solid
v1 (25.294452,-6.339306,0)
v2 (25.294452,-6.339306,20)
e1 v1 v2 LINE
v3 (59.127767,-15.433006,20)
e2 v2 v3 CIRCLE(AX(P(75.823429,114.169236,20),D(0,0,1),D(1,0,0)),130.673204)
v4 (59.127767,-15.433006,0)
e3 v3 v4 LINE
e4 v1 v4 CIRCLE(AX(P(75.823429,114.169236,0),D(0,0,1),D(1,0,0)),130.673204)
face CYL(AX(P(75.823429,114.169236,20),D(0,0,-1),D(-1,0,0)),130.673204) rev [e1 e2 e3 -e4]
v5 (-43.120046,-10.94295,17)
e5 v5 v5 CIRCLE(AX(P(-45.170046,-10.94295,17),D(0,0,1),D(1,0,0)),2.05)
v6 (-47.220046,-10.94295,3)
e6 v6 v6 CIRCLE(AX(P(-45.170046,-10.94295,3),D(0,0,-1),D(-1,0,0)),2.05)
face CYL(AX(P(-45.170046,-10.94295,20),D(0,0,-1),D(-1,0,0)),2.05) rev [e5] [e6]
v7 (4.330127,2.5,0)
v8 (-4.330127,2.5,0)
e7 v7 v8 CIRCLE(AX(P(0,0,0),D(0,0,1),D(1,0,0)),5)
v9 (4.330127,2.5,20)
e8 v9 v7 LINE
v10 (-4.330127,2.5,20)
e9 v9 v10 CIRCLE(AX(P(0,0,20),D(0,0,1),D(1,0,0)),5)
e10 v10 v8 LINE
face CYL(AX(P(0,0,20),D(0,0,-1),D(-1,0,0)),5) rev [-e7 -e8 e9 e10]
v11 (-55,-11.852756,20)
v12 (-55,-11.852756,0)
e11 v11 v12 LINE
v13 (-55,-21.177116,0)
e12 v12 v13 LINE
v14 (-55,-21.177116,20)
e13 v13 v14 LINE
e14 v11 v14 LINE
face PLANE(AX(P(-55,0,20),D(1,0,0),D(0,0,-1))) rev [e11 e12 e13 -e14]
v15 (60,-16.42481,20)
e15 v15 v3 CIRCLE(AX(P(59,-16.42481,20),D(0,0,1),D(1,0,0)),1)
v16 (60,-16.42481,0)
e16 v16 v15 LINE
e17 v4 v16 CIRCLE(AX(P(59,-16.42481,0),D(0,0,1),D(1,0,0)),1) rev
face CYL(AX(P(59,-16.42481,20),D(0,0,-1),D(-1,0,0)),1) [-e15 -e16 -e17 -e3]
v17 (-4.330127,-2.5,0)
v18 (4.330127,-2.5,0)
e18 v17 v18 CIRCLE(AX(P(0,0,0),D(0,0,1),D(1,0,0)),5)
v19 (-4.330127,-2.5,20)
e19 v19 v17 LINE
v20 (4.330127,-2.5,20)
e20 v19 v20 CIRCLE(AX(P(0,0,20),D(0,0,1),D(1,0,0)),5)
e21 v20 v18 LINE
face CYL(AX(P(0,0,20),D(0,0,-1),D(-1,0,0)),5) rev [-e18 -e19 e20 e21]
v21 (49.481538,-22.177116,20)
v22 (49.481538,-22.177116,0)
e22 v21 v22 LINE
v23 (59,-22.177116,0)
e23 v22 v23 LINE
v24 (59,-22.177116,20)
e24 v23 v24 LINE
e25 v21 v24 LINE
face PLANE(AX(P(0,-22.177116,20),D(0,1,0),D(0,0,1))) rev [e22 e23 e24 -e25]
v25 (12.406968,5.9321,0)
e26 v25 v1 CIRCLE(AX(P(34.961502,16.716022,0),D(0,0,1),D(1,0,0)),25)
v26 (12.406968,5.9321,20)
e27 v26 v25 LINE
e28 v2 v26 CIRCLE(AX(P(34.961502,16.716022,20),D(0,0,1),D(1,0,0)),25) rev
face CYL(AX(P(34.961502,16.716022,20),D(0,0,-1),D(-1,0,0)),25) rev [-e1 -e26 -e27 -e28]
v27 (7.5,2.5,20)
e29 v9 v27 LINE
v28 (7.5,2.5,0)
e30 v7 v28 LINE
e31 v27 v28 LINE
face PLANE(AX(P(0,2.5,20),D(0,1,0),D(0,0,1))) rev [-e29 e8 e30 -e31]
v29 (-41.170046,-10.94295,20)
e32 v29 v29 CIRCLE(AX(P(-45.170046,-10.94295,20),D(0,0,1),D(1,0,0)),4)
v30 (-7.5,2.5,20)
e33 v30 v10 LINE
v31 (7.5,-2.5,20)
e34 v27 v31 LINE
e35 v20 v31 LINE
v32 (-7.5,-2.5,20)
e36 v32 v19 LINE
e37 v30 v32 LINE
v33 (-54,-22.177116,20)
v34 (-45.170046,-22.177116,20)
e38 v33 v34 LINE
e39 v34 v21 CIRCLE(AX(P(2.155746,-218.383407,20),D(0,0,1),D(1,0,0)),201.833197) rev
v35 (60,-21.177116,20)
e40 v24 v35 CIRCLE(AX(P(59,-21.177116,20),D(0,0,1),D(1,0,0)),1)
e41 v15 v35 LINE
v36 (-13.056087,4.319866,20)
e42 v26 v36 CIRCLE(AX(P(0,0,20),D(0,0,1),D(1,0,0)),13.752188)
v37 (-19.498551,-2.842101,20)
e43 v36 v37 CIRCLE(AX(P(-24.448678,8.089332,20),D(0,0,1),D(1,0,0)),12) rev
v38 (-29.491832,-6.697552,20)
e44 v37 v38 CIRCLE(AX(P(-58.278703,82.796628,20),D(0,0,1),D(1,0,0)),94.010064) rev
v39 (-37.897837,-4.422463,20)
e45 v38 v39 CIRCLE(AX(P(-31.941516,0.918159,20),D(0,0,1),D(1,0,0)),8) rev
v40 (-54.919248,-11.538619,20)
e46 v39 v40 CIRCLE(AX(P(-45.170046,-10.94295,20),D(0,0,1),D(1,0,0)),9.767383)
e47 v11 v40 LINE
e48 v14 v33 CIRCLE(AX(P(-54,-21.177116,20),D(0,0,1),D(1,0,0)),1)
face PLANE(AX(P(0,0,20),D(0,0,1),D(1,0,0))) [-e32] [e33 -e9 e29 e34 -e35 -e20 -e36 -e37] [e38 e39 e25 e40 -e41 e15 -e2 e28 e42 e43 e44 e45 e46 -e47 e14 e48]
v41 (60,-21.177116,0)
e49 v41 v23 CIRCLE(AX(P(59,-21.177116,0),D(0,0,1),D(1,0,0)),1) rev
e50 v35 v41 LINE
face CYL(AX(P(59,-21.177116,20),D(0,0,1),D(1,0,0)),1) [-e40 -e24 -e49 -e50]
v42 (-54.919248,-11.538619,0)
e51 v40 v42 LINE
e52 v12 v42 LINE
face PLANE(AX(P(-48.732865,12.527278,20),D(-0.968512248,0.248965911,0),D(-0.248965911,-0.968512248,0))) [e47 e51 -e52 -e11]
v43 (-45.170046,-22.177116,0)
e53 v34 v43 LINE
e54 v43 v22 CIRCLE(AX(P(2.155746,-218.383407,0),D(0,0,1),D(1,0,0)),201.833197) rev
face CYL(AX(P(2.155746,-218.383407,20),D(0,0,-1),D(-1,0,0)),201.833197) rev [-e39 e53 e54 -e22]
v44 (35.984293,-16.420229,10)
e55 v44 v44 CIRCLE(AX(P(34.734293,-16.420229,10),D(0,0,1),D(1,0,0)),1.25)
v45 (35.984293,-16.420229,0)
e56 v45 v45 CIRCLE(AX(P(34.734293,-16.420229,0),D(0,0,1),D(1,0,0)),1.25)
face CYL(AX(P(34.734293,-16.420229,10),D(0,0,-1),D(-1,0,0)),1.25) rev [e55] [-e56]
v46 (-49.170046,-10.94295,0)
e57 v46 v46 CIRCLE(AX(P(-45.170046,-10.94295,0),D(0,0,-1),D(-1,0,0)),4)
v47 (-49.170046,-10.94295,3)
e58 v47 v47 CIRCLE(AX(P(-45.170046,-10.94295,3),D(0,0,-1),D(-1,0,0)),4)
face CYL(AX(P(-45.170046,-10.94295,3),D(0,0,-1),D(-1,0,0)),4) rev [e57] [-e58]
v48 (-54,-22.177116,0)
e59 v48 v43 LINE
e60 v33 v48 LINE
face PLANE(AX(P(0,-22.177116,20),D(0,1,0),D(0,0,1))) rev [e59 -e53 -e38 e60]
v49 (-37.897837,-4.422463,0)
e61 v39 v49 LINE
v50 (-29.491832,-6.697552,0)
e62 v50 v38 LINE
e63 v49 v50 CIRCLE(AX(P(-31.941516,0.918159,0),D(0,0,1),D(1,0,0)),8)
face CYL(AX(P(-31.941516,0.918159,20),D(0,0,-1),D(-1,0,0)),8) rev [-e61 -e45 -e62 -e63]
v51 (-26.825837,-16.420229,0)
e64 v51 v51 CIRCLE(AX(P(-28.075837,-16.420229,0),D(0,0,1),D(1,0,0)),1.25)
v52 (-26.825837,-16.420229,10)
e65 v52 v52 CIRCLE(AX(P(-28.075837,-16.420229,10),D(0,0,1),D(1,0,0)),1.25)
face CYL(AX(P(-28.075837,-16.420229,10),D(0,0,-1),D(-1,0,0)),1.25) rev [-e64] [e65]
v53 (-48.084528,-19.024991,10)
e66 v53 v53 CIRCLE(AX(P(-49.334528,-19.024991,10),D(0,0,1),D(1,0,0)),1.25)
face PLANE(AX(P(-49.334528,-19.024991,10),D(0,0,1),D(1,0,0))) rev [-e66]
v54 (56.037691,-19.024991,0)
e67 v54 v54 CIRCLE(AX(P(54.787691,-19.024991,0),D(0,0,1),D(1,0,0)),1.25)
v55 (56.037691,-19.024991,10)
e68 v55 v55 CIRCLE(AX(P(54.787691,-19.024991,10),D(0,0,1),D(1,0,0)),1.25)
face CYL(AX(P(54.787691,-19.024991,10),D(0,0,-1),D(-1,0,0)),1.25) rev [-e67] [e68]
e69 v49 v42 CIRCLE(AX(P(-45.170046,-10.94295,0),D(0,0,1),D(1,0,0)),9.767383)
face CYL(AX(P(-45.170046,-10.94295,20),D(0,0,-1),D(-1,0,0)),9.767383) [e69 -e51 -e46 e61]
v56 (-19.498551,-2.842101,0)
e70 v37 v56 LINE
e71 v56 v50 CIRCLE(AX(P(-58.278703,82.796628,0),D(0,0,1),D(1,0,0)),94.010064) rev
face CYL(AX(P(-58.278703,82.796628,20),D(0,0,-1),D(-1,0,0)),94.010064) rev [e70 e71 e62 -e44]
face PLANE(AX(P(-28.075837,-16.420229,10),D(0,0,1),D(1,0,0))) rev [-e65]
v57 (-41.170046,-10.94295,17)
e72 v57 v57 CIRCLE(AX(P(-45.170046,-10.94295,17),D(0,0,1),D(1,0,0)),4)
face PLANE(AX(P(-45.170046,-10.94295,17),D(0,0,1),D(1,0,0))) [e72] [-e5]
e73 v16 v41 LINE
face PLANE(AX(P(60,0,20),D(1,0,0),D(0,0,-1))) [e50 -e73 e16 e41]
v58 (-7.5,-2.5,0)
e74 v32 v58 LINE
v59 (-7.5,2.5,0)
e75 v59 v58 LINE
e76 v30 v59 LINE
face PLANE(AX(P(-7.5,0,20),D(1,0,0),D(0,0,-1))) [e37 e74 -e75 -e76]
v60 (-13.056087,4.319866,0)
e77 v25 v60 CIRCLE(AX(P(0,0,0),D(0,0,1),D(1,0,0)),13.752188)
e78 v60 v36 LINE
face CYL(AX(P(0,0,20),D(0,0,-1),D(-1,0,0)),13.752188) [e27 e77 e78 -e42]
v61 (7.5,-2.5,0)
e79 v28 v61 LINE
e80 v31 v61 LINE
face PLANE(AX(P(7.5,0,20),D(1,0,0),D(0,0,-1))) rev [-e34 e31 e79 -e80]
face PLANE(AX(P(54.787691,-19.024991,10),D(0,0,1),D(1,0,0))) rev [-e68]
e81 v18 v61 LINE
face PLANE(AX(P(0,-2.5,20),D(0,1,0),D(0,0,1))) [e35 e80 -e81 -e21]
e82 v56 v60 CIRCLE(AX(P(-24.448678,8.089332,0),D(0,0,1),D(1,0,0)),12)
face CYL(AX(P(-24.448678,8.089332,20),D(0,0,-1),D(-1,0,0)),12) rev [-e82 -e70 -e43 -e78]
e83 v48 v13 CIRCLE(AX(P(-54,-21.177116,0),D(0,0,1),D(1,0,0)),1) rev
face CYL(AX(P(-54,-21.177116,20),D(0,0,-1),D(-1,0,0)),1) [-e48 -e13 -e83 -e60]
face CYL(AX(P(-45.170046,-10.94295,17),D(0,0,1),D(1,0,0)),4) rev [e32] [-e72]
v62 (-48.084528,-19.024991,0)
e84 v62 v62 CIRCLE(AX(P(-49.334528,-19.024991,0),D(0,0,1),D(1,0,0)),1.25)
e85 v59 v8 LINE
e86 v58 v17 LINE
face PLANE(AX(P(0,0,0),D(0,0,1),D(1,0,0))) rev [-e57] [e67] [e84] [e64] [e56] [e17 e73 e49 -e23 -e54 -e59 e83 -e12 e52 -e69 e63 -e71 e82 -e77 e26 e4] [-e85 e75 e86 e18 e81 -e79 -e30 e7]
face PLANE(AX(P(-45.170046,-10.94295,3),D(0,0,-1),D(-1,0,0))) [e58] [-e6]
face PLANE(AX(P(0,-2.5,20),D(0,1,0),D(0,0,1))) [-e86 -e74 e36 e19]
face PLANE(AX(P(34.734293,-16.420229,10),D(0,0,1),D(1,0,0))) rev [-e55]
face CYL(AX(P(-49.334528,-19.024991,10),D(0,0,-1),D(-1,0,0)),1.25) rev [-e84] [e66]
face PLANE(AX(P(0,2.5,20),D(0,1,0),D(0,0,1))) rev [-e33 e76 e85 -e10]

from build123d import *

# Parameters (mm, degrees)
SKETCH_1_R          = 2.05
EXTRUDE_1_DEPTH     = 20
FILLET_1_R          = 12
FILLET_2_R          = 8
FILLET_3_R          = 1
FILLET_4_R          = 25
SKETCH_6_R          = 4
CUT_EXTRUDE_5_DEPTH = 3
SKETCH_7_R          = 1.25
CUT_EXTRUDE1_DEPTH  = 10
CUT_EXTRUDE2_START  = -3
SKETCH1_R           = 4
CUT_EXTRUDE2_DEPTH  = 3


with BuildPart() as part:
    # 草图1 → 凸台-拉伸1 (new body)
    with BuildSketch(Plane.XY):
        with BuildLine():
            Line((13.750969278, -0.819876155), (13.750969278, -0.183047918))
            ThreePointArc((13.750969278, -0.183047918), (0.091525986, 13.751882984), (-13.752187557, 0))
            ThreePointArc((-13.752187557, 0), (-24.470803545, -4.924054358), (-35.721657685, -8.467120986))
            ThreePointArc((-35.721657685, -8.467120986), (-46.713142569, -1.298230159), (-54.919247866, -11.538619386))
            Line((-54.919247866, -11.538619386), (-55, -11.852756493))
            Line((-55, -11.852756493), (-55, -22.177115611))
            Line((-55, -22.177115611), (-45.17004572, -22.177115611))
            ThreePointArc((-45.17004572, -22.177115611), (2.155746263, -16.550210115), (49.481538246, -22.177115611))
            Line((49.481538246, -22.177115611), (60, -22.177115611))
            Line((60, -22.177115611), (60, -15.54238751))
            ThreePointArc((60, -15.54238751), (36.185940998, -10.347251745), (13.750969278, -0.819876155))
        make_face()
        with Locations((-45.17004572, -10.942949795)):
            Circle(SKETCH_1_R, mode=Mode.SUBTRACT)
        with BuildLine():
            Line((-7.5, -2.5), (-7.5, 2.5))
            Line((-7.5, 2.5), (-4.330127019, 2.5))
            ThreePointArc((-4.330127019, 2.5), (0, 5), (4.330127019, 2.5))
            Line((4.330127019, 2.5), (7.5, 2.5))
            Line((7.5, 2.5), (7.5, -2.5))
            Line((7.5, -2.5), (4.330127019, -2.5))
            ThreePointArc((4.330127019, -2.5), (0, -5), (-4.330127019, -2.5))
            Line((-4.330127019, -2.5), (-7.5, -2.5))
        make_face(mode=Mode.SUBTRACT)
    extrude(amount=EXTRUDE_1_DEPTH)

    # 圆角1
    fillet_1_edges = [part.edges().sort_by_distance(p)[0] for p in [
        (-13.752187557, 0, 10),
    ]]
    fillet(fillet_1_edges, radius=FILLET_1_R)

    # 圆角2
    fillet_2_edges = [part.edges().sort_by_distance(p)[0] for p in [
        (-35.721657685, -8.467120986, 10),
    ]]
    fillet(fillet_2_edges, radius=FILLET_2_R)

    # 圆角3
    fillet_3_edges = [part.edges().sort_by_distance(p)[0] for p in [
        (60, -15.54238751, 10),
        (60, -22.177115611, 10),
        (-55, -22.177115611, 10),
    ]]
    fillet(fillet_3_edges, radius=FILLET_3_R)

    # 圆角4
    fillet_4_edges = [part.edges().sort_by_distance(p)[0] for p in [
        (13.750969278, -0.819876155, 10),
    ]]
    fillet(fillet_4_edges, radius=FILLET_4_R)

    # 草图6 → 切除-拉伸5 (cut)
    with BuildSketch(Plane(origin=(0, 0, 0), x_dir=(-1, 0, 0), z_dir=(0, 0, -1))):
        with Locations((45.17004572, -10.942949795)):
            Circle(SKETCH_6_R)
    extrude(amount=-CUT_EXTRUDE_5_DEPTH, mode=Mode.SUBTRACT)

    # 草图7 → Cut-Extrude1 (cut)
    with BuildSketch(Plane.XY):
        with Locations((-49.334528207, -19.024990649)):
            Circle(SKETCH_7_R)
        with Locations((54.787690727, -19.024990649)):
            Circle(SKETCH_7_R)
        with Locations((34.734293207, -16.420229149)):
            Circle(SKETCH_7_R)
        with Locations((-28.075836585, -16.420229149)):
            Circle(SKETCH_7_R)
    extrude(amount=CUT_EXTRUDE1_DEPTH, mode=Mode.SUBTRACT)

    # Sketch1 → Cut-Extrude2 (cut)
    with BuildSketch(Plane.XY.offset(20).offset(CUT_EXTRUDE2_START)):
        with Locations(Location((-45.17004572, -10.942949795, 0), (0, 0, 180))):
            Circle(SKETCH1_R)
    extrude(amount=CUT_EXTRUDE2_DEPTH, mode=Mode.SUBTRACT)


solid = part.part
